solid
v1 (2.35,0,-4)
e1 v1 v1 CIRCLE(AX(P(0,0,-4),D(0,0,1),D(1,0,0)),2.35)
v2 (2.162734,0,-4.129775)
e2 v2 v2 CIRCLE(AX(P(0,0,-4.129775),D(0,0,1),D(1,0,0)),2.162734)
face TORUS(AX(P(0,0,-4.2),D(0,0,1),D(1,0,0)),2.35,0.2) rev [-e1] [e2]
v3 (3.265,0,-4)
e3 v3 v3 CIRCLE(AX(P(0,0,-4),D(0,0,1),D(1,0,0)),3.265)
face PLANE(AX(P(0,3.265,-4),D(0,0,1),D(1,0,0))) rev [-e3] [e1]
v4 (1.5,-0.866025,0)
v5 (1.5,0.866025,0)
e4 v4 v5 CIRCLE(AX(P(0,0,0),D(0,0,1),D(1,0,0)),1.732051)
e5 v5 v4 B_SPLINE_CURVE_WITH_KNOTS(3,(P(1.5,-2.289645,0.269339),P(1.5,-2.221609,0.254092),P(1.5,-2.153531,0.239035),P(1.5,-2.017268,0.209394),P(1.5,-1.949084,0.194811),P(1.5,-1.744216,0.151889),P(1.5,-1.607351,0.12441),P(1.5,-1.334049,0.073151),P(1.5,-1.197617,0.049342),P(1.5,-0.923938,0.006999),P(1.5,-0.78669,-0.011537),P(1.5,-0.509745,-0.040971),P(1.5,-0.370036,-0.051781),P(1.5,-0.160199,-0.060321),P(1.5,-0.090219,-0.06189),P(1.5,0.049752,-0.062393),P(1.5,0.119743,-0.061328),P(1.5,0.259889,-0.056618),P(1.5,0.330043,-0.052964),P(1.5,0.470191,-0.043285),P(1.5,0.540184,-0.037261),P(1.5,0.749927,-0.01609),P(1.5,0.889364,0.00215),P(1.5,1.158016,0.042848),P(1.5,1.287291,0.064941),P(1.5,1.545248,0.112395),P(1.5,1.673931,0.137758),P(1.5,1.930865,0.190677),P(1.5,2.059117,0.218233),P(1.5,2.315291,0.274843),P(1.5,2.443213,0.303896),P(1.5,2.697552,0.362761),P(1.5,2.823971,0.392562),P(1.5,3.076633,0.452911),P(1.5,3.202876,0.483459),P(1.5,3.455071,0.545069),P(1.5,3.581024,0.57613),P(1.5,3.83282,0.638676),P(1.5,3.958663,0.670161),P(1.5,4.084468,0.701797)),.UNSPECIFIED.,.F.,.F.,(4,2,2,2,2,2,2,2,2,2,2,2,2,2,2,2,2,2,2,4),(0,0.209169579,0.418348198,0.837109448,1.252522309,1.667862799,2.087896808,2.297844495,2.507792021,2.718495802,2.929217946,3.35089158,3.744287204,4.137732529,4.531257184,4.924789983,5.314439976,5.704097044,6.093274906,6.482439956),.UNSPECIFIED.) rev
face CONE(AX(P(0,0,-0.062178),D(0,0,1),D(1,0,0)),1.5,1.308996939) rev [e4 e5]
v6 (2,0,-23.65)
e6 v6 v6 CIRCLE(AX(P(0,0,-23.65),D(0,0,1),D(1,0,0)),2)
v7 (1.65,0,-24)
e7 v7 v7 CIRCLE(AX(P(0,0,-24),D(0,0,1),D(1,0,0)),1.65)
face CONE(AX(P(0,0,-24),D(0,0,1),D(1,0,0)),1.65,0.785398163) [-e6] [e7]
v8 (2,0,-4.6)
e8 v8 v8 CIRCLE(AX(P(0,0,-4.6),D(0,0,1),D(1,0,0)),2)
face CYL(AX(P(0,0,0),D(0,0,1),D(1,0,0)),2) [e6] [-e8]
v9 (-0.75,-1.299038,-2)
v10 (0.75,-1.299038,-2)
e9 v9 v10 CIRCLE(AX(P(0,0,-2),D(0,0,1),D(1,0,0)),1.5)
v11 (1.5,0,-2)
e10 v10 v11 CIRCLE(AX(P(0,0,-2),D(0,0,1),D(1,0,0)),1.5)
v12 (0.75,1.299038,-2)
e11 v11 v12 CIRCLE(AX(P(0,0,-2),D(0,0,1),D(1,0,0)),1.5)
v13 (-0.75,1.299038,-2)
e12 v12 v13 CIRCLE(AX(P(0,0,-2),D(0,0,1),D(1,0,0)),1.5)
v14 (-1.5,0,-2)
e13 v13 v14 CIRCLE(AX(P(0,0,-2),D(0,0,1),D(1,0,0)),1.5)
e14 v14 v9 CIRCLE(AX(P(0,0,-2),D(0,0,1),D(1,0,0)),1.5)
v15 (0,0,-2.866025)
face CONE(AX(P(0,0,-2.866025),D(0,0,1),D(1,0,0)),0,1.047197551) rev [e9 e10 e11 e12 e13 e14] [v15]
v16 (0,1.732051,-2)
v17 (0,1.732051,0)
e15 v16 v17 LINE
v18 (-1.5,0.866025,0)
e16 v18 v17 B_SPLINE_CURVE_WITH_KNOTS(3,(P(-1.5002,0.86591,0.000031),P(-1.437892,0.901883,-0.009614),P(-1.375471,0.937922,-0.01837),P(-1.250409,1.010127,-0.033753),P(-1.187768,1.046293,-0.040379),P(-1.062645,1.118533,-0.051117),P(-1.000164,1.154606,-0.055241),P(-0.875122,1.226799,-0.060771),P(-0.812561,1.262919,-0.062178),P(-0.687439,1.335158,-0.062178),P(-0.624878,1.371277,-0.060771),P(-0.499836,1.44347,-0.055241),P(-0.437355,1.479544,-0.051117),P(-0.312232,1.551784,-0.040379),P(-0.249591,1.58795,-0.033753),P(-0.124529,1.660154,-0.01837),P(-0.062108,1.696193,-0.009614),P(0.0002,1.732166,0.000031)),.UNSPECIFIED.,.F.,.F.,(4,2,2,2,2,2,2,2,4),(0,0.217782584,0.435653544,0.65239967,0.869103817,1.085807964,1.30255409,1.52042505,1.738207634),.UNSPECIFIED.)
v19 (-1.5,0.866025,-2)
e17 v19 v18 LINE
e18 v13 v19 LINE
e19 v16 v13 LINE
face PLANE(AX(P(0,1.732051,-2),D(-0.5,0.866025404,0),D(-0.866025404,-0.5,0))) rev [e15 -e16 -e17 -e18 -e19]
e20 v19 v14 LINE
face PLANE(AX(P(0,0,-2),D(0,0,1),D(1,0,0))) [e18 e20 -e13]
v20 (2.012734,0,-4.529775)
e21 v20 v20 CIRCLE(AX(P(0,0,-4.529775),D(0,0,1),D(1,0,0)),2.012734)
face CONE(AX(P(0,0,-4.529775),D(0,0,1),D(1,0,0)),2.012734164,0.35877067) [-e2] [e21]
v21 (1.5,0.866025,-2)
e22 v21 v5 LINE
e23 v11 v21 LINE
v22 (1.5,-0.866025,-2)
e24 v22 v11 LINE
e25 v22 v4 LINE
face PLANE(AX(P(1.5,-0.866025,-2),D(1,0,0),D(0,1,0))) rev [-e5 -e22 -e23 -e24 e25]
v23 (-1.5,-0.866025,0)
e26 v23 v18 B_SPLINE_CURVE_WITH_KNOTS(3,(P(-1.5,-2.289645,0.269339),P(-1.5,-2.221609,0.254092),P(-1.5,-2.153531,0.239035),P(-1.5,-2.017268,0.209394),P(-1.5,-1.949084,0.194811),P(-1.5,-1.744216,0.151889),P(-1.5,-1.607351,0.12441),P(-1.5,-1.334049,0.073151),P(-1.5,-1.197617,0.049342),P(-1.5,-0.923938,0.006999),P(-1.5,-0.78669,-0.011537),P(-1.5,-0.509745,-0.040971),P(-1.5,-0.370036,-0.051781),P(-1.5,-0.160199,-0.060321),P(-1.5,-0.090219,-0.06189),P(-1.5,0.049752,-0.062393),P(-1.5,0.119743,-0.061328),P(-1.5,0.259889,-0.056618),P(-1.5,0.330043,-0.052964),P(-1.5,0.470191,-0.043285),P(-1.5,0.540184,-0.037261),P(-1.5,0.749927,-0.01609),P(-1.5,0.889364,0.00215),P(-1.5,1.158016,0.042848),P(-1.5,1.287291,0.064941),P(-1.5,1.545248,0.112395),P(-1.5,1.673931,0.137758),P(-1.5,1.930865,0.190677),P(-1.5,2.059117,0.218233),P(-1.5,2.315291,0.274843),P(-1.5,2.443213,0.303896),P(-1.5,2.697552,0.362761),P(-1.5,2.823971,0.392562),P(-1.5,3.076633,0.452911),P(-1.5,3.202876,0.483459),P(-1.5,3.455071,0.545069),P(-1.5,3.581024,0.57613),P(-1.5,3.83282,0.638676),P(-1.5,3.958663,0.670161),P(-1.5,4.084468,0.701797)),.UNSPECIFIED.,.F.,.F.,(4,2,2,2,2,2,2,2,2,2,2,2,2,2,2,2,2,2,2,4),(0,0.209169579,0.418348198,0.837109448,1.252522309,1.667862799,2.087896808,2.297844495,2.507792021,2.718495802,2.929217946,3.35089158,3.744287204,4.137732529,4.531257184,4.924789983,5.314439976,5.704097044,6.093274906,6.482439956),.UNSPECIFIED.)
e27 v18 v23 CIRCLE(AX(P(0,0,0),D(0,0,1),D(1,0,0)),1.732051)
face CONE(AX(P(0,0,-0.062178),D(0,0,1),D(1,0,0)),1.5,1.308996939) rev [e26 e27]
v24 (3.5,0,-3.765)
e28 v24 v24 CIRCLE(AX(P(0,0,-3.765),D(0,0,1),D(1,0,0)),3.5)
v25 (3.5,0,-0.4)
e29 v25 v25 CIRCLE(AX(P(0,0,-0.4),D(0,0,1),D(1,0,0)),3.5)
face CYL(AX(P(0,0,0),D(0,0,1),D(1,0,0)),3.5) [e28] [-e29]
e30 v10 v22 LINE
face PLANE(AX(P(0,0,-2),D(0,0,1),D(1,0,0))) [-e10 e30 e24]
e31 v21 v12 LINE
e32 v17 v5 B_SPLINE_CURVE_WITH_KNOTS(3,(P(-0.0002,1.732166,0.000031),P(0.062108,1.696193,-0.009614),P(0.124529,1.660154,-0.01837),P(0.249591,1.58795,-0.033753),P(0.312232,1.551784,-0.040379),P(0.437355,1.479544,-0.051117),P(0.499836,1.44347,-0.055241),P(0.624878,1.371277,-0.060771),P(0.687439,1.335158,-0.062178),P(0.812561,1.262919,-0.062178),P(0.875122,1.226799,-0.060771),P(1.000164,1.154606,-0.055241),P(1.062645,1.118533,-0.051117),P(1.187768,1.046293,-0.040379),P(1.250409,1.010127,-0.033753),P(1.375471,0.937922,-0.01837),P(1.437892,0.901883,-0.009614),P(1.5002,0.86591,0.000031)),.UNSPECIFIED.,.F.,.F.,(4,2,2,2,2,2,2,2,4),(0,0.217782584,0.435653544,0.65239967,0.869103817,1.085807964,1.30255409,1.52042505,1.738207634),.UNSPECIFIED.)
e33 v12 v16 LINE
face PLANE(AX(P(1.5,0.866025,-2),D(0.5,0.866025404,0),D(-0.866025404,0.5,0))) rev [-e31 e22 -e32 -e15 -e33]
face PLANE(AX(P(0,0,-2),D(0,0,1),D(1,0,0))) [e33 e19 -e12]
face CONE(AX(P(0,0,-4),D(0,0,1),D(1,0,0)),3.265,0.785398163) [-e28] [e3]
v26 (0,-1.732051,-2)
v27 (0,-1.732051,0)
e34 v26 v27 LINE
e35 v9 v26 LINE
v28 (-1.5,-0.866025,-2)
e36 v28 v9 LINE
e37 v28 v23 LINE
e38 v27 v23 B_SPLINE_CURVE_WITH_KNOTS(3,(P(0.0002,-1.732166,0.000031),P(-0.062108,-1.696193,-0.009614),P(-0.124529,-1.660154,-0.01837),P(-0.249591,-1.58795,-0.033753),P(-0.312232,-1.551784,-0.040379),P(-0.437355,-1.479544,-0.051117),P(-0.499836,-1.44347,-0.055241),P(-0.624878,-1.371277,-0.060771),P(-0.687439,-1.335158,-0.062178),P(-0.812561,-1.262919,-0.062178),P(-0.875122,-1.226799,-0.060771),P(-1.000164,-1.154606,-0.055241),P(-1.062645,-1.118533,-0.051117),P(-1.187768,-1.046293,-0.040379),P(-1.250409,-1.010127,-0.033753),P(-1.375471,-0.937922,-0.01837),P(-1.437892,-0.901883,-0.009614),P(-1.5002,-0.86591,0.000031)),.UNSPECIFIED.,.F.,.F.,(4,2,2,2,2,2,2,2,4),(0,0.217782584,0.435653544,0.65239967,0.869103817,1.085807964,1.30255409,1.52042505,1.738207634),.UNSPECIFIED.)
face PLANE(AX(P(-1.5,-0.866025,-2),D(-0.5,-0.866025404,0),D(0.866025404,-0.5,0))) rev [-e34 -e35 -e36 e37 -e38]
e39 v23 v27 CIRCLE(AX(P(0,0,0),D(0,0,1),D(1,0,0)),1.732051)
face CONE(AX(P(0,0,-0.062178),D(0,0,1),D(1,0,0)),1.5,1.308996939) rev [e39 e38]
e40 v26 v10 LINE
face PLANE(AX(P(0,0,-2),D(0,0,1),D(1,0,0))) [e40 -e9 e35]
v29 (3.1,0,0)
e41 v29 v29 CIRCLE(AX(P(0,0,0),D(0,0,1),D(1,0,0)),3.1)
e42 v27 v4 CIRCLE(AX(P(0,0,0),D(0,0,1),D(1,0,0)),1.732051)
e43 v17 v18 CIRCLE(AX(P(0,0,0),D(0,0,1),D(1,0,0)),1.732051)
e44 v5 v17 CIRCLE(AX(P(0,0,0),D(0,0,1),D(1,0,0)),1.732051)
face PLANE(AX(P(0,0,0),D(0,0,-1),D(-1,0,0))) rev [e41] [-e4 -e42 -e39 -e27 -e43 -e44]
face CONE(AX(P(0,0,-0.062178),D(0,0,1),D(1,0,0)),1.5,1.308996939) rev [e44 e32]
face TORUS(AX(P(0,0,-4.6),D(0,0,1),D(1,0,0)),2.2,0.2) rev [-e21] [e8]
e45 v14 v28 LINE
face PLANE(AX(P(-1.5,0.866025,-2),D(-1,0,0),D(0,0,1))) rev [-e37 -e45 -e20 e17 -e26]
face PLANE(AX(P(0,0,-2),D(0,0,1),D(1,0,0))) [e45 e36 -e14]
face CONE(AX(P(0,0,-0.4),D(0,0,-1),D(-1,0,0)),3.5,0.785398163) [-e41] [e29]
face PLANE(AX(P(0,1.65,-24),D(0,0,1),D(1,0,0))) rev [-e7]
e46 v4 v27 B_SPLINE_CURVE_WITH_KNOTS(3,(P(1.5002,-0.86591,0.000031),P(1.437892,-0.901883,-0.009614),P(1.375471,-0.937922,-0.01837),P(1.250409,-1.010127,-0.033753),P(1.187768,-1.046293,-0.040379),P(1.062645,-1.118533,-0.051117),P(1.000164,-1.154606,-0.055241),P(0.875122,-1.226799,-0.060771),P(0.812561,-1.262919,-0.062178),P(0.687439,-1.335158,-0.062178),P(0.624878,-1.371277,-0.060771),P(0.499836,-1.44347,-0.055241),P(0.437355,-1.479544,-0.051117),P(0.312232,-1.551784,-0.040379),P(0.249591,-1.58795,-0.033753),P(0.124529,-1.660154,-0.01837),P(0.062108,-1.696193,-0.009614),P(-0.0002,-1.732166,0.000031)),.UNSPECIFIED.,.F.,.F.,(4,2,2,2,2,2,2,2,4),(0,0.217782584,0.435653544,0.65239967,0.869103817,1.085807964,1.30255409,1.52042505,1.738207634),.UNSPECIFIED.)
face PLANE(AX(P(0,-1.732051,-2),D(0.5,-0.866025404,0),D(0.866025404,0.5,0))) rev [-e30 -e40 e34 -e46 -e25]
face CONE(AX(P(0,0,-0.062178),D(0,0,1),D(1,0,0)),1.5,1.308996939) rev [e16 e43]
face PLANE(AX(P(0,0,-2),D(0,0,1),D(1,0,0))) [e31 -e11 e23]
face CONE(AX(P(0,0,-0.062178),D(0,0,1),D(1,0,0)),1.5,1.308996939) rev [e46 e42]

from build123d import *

# Parameters (mm, degrees)
CUT_EXTRUDE1_DEPTH = 2


with BuildPart() as part:
    # Sketch1 → Revolve1 (revolve)
    with BuildSketch(Plane(origin=(0, 0, 0), x_dir=(0, 0, -1), z_dir=(1, 0, 0))):
        with BuildLine():
            Line((0, 0), (0, 3.1))
            Line((0, 3.1), (0.4, 3.5))
            Line((0.4, 3.5), (3.765, 3.5))
            Line((3.765, 3.5), (4, 3.265))
            Line((4, 3.265), (4, 2.35))
            ThreePointArc((4, 2.35), (4.035614876, 2.236081032), (4.129775312, 2.162734164))
            Line((4.129775312, 2.162734164), (4.529775312, 2.012734164))
            ThreePointArc((4.529775312, 2.012734164), (4.564315039, 2.00320929), (4.6, 2))
            Line((4.6, 2), (23.65, 2))
            Line((23.65, 2), (24, 1.65))
            Line((24, 1.65), (24, 0))
            Line((24, 0), (0, 0))
        make_face()
    revolve(axis=Axis((0, 0, 0), (0, 0, -1)))

    # Sketch2 → Cut-Extrude1 (cut)
    with BuildSketch(Plane.XY):
        Polygon((0, 1.732050808), (-1.5, 0.866025404), (-1.5, -0.866025404), (0, -1.732050808), (1.5, -0.866025404), (1.5, 0.866025404), align=None)
    extrude(amount=-CUT_EXTRUDE1_DEPTH, mode=Mode.SUBTRACT)

    # Sketch3 → Cut-Revolve2 (revolve, cut)
    with BuildSketch(Plane(origin=(0, 0, 0), x_dir=(0, 0, -1), z_dir=(1, 0, 0))):
        Polygon((2, 0), (2, 1.5), (2.866025404, 0), align=None)
    revolve(axis=Axis((0, 0, -2), (0, 0, -1)), mode=Mode.SUBTRACT)

    # Sketch4 → Cut-Revolve3 (revolve, cut)
    with BuildSketch(Plane(origin=(0, 0, 0), x_dir=(0, 0, -1), z_dir=(1, 0, 0))):
        Polygon((0, 1.732050808), (0, 1.5), (0.062177826, 1.5), align=None)
    revolve(axis=Axis((0, 0, 0), (0, 0, -1)), mode=Mode.SUBTRACT)


solid = part.part
